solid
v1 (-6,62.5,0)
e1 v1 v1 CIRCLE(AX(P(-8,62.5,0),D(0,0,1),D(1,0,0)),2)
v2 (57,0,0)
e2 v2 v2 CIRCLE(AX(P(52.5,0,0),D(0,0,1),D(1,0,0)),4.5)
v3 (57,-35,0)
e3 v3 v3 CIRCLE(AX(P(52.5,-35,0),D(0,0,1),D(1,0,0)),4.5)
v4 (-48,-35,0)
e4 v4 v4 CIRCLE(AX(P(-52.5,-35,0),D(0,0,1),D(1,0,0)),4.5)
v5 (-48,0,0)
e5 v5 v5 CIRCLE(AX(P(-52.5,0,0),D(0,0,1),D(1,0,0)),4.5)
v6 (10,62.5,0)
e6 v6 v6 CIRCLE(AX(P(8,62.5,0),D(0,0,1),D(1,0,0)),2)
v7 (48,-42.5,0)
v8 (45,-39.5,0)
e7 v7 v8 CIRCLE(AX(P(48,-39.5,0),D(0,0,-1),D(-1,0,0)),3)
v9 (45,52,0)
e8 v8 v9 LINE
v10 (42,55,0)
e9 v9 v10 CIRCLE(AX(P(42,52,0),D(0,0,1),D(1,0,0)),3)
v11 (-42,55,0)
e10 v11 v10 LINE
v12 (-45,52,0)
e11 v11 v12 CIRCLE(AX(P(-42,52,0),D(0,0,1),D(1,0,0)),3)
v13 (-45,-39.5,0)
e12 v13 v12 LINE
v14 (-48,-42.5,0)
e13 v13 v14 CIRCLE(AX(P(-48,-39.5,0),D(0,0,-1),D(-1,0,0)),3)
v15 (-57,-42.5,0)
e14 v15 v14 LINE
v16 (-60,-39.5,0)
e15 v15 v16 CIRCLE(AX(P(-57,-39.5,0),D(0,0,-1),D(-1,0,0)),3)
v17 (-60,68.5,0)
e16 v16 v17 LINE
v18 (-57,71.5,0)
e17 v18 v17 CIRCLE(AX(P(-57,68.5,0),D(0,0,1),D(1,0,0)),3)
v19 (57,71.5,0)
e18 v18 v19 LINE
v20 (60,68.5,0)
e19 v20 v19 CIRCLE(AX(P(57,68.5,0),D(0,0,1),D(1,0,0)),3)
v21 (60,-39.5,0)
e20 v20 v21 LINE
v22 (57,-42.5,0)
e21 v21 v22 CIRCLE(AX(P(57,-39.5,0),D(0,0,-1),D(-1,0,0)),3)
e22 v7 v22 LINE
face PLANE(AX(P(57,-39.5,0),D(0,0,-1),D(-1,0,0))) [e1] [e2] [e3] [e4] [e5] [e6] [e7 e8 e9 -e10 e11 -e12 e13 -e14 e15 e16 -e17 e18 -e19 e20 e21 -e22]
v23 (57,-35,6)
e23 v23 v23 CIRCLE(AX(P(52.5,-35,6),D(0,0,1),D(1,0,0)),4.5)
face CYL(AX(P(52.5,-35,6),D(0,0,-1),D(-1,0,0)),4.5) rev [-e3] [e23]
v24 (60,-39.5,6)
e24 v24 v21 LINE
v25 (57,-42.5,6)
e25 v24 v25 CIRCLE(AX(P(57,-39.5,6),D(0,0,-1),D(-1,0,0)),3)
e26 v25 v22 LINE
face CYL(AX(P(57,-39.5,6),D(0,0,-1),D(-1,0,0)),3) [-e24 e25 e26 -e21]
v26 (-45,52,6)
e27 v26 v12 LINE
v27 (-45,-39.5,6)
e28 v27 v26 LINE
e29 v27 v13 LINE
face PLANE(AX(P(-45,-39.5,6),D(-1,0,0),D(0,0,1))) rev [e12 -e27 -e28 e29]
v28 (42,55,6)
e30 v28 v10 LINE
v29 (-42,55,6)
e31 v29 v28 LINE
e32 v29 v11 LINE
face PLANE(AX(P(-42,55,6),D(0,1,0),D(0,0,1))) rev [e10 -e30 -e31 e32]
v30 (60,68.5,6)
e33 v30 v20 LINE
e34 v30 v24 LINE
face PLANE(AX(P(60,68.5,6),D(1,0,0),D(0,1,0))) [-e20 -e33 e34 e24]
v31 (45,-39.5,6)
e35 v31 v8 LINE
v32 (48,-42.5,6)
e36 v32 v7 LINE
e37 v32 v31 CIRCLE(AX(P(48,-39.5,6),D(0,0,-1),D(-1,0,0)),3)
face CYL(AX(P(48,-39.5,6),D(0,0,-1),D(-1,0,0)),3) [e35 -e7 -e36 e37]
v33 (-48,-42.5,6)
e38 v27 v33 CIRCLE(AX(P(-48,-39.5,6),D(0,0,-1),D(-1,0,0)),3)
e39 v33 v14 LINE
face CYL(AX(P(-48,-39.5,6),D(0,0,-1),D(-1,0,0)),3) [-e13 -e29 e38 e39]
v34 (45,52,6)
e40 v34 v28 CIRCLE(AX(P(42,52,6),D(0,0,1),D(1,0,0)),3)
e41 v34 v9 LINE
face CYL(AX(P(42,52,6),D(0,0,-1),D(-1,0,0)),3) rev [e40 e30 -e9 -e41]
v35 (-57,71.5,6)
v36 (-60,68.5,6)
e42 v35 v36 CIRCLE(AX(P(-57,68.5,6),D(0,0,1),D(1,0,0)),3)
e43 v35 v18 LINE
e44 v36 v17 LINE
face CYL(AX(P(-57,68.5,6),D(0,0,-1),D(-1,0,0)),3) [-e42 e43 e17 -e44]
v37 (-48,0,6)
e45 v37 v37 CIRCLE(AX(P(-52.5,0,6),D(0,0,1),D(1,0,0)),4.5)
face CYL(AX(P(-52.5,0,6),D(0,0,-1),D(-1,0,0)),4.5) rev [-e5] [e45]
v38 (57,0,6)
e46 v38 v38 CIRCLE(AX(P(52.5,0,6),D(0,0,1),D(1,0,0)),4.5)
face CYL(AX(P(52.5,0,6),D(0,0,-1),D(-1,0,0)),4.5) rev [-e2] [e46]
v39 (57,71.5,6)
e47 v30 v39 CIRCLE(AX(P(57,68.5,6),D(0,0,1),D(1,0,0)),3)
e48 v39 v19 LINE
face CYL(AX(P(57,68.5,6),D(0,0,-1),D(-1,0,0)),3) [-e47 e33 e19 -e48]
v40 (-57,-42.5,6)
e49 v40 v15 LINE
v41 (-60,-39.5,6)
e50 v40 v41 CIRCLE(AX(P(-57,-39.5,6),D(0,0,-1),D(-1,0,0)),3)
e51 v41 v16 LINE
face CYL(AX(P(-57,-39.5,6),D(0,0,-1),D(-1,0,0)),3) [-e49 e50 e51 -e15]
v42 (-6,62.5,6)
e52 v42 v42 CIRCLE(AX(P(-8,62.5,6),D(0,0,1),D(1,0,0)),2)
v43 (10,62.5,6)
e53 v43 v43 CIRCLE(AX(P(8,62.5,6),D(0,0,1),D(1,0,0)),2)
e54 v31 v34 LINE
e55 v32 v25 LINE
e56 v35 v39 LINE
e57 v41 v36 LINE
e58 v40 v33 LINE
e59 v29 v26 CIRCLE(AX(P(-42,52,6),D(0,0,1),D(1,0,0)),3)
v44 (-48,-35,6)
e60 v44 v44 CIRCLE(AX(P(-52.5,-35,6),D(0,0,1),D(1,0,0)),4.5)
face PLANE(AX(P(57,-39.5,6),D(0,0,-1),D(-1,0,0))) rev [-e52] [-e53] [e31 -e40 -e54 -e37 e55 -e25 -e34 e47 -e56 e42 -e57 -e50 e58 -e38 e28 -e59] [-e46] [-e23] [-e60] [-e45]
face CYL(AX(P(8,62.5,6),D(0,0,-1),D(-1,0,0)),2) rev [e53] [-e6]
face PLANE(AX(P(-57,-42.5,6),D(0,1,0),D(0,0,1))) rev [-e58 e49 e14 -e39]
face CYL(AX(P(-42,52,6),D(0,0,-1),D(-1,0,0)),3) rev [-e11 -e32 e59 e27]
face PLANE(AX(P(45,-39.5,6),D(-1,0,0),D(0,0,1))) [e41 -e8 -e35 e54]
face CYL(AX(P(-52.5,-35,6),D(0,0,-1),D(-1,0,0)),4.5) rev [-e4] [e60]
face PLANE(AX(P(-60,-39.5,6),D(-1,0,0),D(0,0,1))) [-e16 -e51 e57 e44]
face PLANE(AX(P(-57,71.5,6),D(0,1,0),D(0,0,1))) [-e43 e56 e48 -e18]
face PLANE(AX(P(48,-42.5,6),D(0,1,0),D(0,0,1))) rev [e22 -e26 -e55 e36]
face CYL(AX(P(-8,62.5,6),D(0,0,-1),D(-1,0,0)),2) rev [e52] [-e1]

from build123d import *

# Parameters (mm, degrees)
SKETCH1_R           = 2
SKETCH1_R_2         = 4.5
BOSS_EXTRUDE1_DEPTH = 6


with BuildPart() as part:
    # Sketch1 → Boss-Extrude1 (new body)
    with BuildSketch(Plane.XY):
        with BuildLine():
            Line((-45, -39.5), (-45, 52))
            ThreePointArc((-45, 52), (-44.121320344, 54.121320344), (-42, 55))
            Line((-42, 55), (42, 55))
            ThreePointArc((42, 55), (44.121320344, 54.121320344), (45, 52))
            Line((45, 52), (45, -39.5))
            ThreePointArc((45, -39.5), (45.878679656, -41.621320344), (48, -42.5))
            Line((48, -42.5), (57, -42.5))
            ThreePointArc((57, -42.5), (59.121320344, -41.621320344), (60, -39.5))
            Line((60, -39.5), (60, 68.5))
            ThreePointArc((60, 68.5), (59.121320344, 70.621320344), (57, 71.5))
            Line((57, 71.5), (-57, 71.5))
            ThreePointArc((-57, 71.5), (-59.121320344, 70.621320344), (-60, 68.5))
            Line((-60, 68.5), (-60, -39.5))
            ThreePointArc((-60, -39.5), (-59.121320344, -41.621320344), (-57, -42.5))
            Line((-57, -42.5), (-48, -42.5))
            ThreePointArc((-48, -42.5), (-45.878679656, -41.621320344), (-45, -39.5))
        make_face()
        with Locations((8, 62.5)):
            Circle(SKETCH1_R, mode=Mode.SUBTRACT)
        with Locations((-8, 62.5)):
            Circle(SKETCH1_R, mode=Mode.SUBTRACT)
        with Locations((-52.5, -35)):
            Circle(SKETCH1_R_2, mode=Mode.SUBTRACT)
        with Locations((52.5, -35)):
            Circle(SKETCH1_R_2, mode=Mode.SUBTRACT)
        with Locations((-52.5, 0)):
            Circle(SKETCH1_R_2, mode=Mode.SUBTRACT)
        with Locations((52.5, 0)):
            Circle(SKETCH1_R_2, mode=Mode.SUBTRACT)
    extrude(amount=BOSS_EXTRUDE1_DEPTH)


solid = part.part
